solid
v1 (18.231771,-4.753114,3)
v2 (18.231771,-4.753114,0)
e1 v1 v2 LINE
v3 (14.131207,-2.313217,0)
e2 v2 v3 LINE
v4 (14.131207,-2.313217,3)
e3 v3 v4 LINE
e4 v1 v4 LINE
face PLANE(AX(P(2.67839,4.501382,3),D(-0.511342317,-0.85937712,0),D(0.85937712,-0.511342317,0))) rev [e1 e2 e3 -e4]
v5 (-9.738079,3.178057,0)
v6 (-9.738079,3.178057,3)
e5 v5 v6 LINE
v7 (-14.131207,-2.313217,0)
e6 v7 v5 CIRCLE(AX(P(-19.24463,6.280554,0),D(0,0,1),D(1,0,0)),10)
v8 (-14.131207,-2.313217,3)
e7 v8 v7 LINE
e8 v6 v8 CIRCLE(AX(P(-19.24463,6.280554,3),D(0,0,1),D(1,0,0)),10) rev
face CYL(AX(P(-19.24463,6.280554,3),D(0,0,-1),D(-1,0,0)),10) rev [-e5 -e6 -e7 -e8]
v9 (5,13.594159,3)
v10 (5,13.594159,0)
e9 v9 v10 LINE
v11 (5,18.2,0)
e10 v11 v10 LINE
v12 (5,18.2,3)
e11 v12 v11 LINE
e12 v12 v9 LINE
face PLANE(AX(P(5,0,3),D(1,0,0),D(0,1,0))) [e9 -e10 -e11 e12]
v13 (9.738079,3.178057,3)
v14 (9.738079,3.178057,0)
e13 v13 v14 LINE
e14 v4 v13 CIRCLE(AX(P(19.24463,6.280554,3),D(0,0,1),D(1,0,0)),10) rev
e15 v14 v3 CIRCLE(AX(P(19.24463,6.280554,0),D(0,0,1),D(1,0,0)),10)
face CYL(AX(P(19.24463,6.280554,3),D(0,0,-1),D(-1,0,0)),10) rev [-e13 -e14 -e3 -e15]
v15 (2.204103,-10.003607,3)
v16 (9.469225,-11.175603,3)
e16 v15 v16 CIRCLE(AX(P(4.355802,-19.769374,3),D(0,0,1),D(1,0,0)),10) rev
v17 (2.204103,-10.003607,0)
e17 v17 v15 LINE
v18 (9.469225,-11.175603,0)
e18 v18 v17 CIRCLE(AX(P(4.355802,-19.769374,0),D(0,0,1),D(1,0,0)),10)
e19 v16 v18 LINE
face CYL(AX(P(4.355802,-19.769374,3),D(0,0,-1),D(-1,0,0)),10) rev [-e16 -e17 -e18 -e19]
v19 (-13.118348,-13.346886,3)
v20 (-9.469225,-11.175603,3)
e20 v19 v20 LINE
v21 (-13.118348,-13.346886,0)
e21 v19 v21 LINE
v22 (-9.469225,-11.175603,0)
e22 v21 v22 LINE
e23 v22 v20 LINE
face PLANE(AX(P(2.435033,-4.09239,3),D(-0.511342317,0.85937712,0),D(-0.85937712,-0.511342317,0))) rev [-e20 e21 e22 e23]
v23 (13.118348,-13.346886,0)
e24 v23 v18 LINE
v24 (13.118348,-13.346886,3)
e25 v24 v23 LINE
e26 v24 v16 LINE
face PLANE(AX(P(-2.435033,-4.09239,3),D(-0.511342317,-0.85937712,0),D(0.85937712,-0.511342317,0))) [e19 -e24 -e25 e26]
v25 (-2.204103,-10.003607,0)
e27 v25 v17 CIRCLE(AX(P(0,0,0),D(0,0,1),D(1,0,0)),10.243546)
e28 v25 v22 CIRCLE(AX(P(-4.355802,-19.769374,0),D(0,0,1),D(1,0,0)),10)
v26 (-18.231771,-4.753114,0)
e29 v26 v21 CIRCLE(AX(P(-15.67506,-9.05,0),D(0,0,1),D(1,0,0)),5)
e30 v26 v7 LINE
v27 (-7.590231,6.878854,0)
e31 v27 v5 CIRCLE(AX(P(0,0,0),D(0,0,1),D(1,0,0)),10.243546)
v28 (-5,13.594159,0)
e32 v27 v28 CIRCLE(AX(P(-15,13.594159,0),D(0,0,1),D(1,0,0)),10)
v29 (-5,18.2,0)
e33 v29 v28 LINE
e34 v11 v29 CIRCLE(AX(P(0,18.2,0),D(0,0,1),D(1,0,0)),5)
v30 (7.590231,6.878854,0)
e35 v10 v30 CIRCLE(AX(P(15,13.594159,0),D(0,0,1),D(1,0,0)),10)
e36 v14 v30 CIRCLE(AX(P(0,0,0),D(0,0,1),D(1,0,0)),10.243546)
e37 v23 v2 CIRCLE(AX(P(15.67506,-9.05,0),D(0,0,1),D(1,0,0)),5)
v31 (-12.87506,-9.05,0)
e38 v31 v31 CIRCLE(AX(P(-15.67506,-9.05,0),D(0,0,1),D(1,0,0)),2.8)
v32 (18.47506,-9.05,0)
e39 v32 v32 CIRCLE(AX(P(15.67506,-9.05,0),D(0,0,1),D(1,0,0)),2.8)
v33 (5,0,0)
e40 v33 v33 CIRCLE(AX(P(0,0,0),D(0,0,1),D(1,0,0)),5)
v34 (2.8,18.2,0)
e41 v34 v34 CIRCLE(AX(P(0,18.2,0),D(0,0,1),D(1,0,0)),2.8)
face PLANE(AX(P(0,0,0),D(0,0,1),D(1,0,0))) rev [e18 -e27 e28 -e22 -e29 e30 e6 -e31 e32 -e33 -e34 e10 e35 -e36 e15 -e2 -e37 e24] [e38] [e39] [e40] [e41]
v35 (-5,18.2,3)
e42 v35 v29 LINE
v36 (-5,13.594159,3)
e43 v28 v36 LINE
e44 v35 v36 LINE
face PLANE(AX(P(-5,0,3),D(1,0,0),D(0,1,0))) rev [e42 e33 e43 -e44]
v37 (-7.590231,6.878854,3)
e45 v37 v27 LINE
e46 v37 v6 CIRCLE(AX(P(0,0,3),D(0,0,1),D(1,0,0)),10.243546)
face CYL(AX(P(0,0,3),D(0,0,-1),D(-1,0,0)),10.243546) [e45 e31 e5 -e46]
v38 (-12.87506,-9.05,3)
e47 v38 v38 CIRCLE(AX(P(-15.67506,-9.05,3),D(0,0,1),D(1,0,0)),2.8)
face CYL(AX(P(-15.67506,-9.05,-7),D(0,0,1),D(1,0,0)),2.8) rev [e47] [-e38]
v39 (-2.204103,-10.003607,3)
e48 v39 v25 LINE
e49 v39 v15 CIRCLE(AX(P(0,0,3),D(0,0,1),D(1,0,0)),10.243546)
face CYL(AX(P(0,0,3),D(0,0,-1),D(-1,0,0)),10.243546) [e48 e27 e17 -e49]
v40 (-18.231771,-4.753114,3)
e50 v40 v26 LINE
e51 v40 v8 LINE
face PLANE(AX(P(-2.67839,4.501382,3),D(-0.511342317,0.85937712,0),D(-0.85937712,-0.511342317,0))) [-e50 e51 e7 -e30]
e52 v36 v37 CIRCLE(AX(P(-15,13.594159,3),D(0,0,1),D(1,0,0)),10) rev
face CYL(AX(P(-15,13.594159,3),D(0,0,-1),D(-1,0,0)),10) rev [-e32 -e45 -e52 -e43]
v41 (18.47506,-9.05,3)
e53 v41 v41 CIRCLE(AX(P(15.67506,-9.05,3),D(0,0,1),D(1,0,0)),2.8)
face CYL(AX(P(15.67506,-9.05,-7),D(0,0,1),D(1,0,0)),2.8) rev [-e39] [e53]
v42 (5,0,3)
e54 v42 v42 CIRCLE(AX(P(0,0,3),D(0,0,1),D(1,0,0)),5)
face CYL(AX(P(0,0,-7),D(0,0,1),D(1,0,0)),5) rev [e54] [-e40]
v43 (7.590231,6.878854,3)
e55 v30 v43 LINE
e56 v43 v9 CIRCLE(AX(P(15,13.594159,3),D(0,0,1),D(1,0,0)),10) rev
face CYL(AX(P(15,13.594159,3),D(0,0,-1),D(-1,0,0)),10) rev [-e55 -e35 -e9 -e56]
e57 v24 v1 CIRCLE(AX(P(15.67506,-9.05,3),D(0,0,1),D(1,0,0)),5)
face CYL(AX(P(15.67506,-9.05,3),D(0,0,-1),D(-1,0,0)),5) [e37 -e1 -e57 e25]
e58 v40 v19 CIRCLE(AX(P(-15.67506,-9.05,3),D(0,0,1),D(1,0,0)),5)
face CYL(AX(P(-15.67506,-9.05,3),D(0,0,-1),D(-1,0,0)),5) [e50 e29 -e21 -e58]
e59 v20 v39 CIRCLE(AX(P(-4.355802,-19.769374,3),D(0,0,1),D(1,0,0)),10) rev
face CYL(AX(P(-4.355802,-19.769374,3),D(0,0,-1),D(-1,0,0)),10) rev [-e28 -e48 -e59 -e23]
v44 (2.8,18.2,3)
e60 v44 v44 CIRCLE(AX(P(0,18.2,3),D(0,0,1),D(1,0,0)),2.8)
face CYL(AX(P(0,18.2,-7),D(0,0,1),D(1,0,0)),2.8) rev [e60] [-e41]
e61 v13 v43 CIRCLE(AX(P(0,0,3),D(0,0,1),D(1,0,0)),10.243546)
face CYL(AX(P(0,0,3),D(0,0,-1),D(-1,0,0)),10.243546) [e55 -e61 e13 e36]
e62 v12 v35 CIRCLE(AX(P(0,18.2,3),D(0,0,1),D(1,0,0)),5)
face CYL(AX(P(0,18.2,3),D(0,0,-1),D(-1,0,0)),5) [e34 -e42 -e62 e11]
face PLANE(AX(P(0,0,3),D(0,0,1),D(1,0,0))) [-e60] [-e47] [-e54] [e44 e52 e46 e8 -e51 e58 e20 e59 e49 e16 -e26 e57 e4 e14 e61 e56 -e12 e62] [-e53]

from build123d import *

# Parameters (mm, degrees)
SALIENTE_EXTRUIR1_DEPTH = 3
CROQUIS2_R              = 2.8
CORTAR_EXTRUIR1_DEPTH   = 10
CROQUIS3_R              = 5
CORTAR_EXTRUIR2_DEPTH   = 10
REDONDEO1_R             = 10


with BuildPart() as part:
    # Croquis1 → Saliente-Extruir1 (new body)
    with BuildSketch(Plane.XY):
        with BuildLine():
            Line((-13.118348224, -13.346885602), (-5.358962429, -8.729934305))
            ThreePointArc((-5.358962429, -8.729934305), (0, -10.243545836), (5.358962429, -8.729934305))
            Line((5.358962429, -8.729934305), (13.118348224, -13.346885602))
            ThreePointArc((13.118348224, -13.346885602), (19.97194541, -11.606711584), (18.231771393, -4.753114398))
            Line((18.231771393, -4.753114398), (10.243545836, 0))
            ThreePointArc((10.243545836, 0), (8.83594818, 5.182301714), (5, 8.94037087))
            Line((5, 8.94037087), (5, 18.2))
            ThreePointArc((5, 18.2), (0, 23.2), (-5, 18.2))
            Line((-5, 18.2), (-5, 8.94037087))
            ThreePointArc((-5, 8.94037087), (-8.83594818, 5.182301714), (-10.243545836, 0))
            Line((-10.243545836, 0), (-18.231771393, -4.753114398))
            ThreePointArc((-18.231771393, -4.753114398), (-19.97194541, -11.606711584), (-13.118348224, -13.346885602))
        make_face()
    extrude(amount=SALIENTE_EXTRUIR1_DEPTH)

    # Croquis2 → Cortar-Extruir1 (cut)
    with BuildSketch(Plane.XY.offset(3)):
        with Locations((0, 18.2)):
            Circle(CROQUIS2_R)
        with Locations((15.675059808, -9.05)):
            Circle(CROQUIS2_R)
        with Locations((-15.675059808, -9.05)):
            Circle(CROQUIS2_R)
    extrude(amount=-CORTAR_EXTRUIR1_DEPTH, mode=Mode.SUBTRACT)

    # Croquis3 → Cortar-Extruir2 (cut)
    with BuildSketch(Plane.XY.offset(3)):
        Circle(CROQUIS3_R)
    extrude(amount=-CORTAR_EXTRUIR2_DEPTH, mode=Mode.SUBTRACT)

    # Redondeo1
    redondeo1_edges = [part.edges().sort_by_distance(p)[0] for p in [
        (-10.243545836, 0, 1.5),
        (-5, 8.94037087, 1.5),
        (5, 8.94037087, 1.5),
        (10.243545836, 0, 1.5),
        (5.358962429, -8.729934305, 1.5),
        (-5.358962429, -8.729934305, 1.5),
    ]]
    fillet(redondeo1_edges, radius=REDONDEO1_R)


solid = part.part
